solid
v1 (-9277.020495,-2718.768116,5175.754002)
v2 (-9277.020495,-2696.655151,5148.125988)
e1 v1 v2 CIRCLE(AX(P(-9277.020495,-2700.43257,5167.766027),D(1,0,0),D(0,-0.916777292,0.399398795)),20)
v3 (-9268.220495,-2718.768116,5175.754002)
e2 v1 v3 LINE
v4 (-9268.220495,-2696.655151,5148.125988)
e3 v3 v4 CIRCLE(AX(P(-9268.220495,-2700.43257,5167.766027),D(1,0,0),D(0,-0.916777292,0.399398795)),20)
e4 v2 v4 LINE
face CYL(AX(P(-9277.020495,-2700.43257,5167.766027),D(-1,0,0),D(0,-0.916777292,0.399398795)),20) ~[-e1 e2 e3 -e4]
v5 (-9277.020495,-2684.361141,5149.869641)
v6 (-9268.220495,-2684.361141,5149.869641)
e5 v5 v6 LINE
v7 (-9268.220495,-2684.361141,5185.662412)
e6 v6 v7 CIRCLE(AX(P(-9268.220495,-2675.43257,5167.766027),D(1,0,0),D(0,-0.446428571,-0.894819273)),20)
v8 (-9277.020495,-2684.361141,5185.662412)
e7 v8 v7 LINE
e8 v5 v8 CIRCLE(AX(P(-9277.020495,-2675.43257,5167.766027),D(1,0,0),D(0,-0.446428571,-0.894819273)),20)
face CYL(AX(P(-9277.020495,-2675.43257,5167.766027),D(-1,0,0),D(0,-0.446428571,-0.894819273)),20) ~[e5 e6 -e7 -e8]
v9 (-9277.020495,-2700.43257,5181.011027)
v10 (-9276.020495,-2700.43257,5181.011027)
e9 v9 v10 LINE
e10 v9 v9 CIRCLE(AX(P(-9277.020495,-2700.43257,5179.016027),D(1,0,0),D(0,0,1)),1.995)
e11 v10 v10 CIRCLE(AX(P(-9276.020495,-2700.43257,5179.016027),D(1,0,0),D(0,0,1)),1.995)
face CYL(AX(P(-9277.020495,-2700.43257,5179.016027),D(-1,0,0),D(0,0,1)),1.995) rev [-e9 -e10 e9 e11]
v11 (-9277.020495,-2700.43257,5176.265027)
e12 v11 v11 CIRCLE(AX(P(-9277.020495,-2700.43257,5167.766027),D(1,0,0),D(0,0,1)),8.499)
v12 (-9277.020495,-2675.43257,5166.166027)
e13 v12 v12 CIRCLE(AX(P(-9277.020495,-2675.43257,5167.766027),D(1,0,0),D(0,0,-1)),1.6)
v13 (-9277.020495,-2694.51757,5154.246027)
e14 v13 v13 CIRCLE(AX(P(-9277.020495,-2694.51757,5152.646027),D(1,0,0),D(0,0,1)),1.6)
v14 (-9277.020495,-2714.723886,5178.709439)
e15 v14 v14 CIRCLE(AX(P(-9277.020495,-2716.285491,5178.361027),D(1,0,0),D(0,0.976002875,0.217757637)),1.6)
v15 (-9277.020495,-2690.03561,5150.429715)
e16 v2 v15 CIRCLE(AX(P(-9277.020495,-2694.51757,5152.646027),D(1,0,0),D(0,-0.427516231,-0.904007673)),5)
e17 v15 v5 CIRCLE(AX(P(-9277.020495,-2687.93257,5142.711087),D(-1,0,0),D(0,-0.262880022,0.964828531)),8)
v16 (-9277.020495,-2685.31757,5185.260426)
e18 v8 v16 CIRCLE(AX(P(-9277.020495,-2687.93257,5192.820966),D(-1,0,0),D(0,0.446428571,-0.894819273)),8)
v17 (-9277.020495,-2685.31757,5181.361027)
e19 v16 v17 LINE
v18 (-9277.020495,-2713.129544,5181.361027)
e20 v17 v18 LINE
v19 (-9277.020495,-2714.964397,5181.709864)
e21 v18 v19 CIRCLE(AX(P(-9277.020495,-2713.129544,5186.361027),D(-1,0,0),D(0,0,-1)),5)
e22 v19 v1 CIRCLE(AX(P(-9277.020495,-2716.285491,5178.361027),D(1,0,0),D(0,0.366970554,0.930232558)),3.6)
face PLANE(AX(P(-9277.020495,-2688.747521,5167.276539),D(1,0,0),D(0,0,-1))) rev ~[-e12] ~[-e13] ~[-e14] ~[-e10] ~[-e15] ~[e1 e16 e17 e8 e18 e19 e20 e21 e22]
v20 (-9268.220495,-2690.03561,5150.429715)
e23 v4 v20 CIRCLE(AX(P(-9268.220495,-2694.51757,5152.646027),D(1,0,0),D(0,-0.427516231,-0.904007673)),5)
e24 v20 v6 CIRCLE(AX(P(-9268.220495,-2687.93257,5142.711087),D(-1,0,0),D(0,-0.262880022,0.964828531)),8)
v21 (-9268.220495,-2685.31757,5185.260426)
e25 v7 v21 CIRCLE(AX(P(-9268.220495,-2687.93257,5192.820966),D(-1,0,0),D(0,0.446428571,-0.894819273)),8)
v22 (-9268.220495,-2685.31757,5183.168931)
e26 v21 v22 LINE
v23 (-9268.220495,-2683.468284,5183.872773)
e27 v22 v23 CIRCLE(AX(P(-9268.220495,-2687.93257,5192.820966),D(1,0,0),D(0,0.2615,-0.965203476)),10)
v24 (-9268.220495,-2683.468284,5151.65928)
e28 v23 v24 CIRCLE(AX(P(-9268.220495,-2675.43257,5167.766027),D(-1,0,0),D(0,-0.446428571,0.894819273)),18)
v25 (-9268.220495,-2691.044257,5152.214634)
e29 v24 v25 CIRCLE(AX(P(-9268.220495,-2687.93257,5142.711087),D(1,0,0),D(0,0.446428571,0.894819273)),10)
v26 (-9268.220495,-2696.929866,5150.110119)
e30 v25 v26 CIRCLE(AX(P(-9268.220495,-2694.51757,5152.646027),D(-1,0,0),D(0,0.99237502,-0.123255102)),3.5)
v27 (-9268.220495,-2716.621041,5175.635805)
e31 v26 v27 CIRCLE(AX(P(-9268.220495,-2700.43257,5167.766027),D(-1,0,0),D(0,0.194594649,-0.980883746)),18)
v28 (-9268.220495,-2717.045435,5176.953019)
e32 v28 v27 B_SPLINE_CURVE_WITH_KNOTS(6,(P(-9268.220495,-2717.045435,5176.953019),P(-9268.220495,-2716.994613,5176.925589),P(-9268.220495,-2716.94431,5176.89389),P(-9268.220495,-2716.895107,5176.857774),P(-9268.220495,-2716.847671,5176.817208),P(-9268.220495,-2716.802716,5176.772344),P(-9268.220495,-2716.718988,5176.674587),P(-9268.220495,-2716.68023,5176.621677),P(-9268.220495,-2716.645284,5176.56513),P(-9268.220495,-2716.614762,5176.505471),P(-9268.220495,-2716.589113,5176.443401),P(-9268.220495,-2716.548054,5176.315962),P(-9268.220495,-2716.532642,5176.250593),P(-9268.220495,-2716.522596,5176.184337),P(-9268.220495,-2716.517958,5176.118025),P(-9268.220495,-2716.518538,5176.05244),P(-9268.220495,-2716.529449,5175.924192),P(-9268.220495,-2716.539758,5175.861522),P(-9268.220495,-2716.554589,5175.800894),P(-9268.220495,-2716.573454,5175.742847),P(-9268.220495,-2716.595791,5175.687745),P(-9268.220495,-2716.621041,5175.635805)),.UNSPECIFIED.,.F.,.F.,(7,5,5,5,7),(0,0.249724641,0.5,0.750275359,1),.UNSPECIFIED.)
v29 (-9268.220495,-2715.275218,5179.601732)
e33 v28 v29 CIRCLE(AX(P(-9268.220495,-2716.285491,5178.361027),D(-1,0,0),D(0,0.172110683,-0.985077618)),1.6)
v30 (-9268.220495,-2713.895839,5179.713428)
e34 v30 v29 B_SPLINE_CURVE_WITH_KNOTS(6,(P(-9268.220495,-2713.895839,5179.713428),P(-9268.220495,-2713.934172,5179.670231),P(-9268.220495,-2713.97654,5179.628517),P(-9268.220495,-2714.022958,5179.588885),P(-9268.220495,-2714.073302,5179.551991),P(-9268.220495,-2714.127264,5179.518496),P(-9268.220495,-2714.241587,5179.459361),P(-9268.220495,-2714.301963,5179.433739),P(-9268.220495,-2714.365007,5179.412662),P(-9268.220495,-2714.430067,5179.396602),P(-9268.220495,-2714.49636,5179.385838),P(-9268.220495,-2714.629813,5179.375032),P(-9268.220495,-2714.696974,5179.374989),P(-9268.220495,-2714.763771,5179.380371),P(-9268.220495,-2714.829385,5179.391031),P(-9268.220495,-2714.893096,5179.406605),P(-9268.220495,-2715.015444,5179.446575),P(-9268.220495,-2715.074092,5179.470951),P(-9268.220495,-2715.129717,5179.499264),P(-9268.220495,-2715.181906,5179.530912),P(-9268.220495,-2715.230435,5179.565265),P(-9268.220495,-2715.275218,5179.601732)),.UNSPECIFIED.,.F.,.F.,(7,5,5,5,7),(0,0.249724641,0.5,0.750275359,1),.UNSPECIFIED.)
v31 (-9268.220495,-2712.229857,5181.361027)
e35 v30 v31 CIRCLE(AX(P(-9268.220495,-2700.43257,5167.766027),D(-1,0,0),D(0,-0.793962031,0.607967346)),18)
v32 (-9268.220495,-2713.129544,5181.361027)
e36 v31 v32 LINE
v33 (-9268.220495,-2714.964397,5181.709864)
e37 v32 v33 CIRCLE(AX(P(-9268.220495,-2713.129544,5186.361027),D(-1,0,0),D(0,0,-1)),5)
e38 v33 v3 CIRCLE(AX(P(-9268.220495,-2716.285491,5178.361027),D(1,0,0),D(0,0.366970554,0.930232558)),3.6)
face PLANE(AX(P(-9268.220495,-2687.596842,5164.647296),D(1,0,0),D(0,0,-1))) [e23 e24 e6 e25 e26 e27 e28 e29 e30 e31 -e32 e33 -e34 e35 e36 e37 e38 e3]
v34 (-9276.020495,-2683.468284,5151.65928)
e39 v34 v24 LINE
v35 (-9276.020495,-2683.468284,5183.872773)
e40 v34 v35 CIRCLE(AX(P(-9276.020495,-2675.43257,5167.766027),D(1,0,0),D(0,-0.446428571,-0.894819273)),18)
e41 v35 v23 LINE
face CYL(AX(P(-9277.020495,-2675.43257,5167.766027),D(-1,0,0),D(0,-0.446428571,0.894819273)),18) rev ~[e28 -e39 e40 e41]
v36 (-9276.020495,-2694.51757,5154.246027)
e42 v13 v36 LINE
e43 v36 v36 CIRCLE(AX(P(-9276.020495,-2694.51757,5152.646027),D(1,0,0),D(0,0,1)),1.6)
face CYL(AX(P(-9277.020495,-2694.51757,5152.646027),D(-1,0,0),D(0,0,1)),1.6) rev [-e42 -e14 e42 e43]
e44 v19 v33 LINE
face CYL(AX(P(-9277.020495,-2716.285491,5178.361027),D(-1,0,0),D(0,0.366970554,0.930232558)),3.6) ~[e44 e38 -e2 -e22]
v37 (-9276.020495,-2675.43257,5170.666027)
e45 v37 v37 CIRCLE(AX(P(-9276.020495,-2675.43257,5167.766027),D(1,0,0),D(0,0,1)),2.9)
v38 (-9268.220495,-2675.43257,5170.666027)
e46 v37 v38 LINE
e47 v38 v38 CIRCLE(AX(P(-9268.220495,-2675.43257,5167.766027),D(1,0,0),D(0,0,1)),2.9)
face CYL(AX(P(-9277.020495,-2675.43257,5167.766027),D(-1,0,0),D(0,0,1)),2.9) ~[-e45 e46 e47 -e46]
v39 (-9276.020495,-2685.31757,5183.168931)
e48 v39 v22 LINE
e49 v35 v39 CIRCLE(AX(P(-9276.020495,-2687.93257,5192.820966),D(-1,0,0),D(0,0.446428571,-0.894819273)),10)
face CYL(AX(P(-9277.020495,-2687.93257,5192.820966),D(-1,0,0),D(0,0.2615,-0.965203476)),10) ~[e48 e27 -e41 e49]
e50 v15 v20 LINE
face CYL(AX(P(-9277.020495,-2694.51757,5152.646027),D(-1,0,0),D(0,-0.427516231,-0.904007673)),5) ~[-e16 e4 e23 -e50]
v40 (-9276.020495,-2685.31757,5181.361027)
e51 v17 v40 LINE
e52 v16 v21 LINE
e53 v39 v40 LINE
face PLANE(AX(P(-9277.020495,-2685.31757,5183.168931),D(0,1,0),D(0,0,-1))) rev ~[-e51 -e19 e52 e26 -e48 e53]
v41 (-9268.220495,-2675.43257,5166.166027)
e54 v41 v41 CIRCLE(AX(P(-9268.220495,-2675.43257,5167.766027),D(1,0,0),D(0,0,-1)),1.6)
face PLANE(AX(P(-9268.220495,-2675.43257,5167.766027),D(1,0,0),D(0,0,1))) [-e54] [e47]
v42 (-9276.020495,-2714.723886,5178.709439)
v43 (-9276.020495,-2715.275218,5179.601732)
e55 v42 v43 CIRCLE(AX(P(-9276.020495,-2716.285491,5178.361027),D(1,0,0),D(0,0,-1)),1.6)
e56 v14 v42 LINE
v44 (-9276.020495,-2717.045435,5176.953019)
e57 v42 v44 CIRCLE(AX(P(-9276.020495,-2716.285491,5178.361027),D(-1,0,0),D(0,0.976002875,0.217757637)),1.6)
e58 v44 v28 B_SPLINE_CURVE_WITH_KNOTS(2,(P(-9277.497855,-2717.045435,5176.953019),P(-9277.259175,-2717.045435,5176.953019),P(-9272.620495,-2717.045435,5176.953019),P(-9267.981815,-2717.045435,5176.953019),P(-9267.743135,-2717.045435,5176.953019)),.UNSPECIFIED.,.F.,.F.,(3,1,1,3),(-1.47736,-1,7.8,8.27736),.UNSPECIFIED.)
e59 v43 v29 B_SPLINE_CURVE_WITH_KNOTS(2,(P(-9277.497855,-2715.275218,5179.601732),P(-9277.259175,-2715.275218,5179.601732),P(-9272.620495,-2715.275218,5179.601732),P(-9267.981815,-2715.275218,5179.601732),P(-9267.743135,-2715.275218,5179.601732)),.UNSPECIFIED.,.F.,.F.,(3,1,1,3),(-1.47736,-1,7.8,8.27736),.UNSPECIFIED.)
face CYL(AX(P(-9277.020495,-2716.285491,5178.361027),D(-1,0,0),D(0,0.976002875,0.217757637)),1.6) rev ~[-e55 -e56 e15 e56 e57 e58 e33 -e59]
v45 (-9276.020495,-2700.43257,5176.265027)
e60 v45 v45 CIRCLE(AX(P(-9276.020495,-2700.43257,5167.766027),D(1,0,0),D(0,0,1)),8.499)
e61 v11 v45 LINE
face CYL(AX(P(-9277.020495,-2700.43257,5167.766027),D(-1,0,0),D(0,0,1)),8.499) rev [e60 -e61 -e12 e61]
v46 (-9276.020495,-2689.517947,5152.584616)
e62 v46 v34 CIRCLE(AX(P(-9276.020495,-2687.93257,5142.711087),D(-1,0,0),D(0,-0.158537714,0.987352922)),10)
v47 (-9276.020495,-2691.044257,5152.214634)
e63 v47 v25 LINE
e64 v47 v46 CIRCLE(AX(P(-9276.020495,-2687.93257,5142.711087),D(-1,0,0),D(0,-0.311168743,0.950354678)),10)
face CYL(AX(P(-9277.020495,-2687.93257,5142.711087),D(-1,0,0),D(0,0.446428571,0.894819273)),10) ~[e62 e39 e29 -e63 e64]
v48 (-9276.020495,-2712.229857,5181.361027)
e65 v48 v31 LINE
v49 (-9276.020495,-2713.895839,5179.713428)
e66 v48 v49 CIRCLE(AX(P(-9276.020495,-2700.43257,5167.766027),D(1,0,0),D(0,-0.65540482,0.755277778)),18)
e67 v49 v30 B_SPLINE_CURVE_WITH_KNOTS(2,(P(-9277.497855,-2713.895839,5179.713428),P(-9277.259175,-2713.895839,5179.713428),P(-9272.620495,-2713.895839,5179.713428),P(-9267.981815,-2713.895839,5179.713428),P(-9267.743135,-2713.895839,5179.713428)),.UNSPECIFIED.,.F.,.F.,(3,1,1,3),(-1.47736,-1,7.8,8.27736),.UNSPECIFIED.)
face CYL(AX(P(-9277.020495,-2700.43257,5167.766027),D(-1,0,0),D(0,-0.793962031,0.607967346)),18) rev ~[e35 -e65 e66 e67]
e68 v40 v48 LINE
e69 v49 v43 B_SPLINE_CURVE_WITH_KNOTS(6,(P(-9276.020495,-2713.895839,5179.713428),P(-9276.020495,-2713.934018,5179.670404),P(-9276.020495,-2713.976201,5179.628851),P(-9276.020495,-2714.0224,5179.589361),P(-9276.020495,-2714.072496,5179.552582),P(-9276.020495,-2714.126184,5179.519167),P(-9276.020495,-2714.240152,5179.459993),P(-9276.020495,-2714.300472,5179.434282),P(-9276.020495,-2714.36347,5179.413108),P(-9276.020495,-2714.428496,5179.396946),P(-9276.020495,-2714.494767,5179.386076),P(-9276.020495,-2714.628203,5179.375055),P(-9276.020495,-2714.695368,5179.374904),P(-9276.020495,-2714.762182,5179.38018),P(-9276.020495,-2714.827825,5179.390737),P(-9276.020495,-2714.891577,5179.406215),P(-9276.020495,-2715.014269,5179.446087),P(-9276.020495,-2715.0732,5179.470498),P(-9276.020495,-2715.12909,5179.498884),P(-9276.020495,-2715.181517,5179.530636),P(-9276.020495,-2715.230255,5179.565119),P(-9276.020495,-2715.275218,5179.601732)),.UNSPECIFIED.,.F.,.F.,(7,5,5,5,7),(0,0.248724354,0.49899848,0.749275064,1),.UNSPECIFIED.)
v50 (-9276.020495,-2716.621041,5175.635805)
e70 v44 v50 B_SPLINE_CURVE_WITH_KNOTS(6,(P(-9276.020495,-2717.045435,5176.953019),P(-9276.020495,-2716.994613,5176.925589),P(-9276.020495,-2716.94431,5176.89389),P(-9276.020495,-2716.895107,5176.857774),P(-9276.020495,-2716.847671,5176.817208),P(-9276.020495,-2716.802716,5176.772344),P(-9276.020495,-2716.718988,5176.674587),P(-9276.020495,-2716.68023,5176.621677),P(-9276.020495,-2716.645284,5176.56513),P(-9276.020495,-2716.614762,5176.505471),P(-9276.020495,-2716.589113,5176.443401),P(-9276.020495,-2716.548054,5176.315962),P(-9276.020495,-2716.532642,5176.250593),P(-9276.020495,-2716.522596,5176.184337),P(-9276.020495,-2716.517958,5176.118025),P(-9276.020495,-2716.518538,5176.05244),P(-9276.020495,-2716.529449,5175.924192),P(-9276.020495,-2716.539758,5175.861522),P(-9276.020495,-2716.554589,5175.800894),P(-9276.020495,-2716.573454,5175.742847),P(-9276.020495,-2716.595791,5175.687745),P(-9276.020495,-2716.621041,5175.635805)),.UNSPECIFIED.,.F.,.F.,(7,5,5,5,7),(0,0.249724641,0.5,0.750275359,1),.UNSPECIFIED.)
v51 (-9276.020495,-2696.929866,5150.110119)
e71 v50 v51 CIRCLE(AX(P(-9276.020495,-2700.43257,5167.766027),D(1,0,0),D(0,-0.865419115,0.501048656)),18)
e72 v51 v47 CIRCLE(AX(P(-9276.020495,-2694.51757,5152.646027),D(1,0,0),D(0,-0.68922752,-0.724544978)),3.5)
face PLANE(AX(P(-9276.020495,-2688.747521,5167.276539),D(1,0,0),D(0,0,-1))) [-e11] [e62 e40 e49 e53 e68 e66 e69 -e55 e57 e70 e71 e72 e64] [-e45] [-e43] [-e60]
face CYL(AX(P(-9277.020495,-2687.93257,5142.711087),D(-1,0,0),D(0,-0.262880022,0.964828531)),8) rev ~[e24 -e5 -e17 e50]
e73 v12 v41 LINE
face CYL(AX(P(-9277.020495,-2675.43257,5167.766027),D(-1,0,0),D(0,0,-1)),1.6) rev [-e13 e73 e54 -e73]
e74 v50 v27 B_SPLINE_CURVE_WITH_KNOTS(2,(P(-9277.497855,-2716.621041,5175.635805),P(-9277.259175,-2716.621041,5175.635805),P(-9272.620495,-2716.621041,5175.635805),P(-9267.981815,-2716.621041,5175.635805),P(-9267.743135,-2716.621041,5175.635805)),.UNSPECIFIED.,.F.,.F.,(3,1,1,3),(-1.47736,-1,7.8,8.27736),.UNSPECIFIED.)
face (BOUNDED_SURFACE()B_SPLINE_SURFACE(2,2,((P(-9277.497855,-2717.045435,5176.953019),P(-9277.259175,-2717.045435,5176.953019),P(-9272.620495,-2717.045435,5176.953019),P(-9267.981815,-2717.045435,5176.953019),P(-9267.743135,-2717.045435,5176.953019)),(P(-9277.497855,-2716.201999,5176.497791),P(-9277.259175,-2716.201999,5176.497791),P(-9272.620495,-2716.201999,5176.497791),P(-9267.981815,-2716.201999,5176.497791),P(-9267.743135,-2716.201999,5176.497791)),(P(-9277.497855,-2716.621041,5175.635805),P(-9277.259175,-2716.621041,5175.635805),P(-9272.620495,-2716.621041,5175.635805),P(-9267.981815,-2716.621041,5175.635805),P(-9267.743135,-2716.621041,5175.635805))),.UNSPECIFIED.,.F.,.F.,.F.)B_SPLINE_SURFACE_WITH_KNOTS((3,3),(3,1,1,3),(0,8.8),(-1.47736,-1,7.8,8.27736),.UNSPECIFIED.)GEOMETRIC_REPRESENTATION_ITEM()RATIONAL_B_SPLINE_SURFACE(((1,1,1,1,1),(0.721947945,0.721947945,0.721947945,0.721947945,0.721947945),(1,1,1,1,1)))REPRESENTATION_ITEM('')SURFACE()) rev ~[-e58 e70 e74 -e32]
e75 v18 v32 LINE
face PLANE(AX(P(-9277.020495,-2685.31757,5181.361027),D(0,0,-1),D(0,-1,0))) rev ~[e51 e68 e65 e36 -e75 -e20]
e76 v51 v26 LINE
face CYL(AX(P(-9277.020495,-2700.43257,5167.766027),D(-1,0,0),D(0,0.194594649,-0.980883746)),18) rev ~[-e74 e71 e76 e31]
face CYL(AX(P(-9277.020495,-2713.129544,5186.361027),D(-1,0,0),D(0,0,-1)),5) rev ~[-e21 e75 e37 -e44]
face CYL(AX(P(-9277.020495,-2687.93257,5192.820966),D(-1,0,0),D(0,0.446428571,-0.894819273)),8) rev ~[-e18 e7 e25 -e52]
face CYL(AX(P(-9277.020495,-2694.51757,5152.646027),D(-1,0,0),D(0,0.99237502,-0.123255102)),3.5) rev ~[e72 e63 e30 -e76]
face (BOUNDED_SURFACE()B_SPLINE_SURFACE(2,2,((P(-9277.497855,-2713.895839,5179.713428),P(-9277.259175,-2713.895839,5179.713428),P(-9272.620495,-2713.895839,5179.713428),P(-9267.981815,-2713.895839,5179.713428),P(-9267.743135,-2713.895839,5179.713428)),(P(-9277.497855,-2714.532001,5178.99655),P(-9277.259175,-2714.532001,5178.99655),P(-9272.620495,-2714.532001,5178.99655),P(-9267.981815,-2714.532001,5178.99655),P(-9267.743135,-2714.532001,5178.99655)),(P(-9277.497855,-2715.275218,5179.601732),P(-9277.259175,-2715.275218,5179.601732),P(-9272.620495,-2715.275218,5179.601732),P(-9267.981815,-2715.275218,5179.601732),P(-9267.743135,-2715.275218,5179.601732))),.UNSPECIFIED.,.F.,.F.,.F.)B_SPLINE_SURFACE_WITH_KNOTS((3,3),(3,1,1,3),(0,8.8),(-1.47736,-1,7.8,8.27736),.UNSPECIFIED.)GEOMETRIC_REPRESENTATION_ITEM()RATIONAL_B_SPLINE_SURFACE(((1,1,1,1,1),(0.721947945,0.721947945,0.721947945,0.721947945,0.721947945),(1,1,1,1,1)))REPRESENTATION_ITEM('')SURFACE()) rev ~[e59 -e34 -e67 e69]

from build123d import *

# Parameters (mm, degrees)
BOSS_EXTRUDE1_DEPTH = 8.8
SKETCH1_3_R         = 1.9950000000003372
SKETCH1_3_R_2       = 8.499000000001052
SKETCH1_3_R_3       = 1.5999999999998604
SKETCH1_3_R_4       = 2.9000000000004036
BOSS_EXTRUDE2_DEPTH = 1
SKETCH1_4_R         = 2.9000000000004036
SKETCH1_4_R_2       = 1.5999999999998604
BOSS_EXTRUDE3_DEPTH = 8.8
FILLET1_R           = 1


with BuildPart() as part:
    # Sketch1 → Boss-Extrude1 (new body)
    with BuildSketch(Plane(origin=(-9277.020495484805, 0, 0), x_dir=(0, 0, -1), z_dir=(1, 0, 0))):
        with BuildLine():
            Line((-5181.361026538003, -2712.2298566105233), (-5181.361026538003, -2713.1295442369124))
            ThreePointArc((-5181.361026538003, -2713.1295442369124), (-5181.449009948379, -2714.0634034464592), (-5181.7098637473055, -2714.9643970087795))
            ThreePointArc((-5181.7098637473055, -2714.9643970087795), (-5180.298716040606, -2719.319524523044), (-5175.754002429446, -2718.7681156836497))
            ThreePointArc((-5175.754002429446, -2718.7681156836493), (-5155.268489112517, -2716.0470361610683), (-5148.125988175469, -2696.6551510028244))
            ThreePointArc((-5148.125988175468, -2696.6551510028244), (-5147.923825496746, -2692.8741534881237), (-5150.429715151682, -2690.0356100249855))
            ThreePointArc((-5150.429715151682, -2690.0356100249855), (-5150.672402006578, -2687.1467824336814), (-5149.869641086049, -2684.3611412747578))
            ThreePointArc((-5149.869641086049, -2684.3611412747578), (-5167.766026538003, -2655.432569846187), (-5185.662411989956, -2684.361141274758))
            ThreePointArc((-5185.662411989956, -2684.361141274758), (-5185.445898231984, -2684.832832292979), (-5185.260425515467, -2685.3175698461864))
            Line((-5185.2604255154665, -2685.3175698461864), (-5183.1689314111645, -2685.3175698461864))
            ThreePointArc((-5183.1689314111645, -2685.3175698461864), (-5183.475000193814, -2684.375475532257), (-5183.87277344476, -2683.4682841319004))
            ThreePointArc((-5183.872773444761, -2683.468284131901), (-5167.766026538003, -2657.432569846187), (-5151.659279631244, -2683.4682841319004))
            ThreePointArc((-5151.659279631244, -2683.4682841319004), (-5152.684326847257, -2687.2014849950892), (-5152.214633681771, -2691.0442572769534))
            ThreePointArc((-5152.214633681771, -2691.044257276954), (-5149.350375503743, -2693.339145363929), (-5150.110119114768, -2696.929866167285))
            ThreePointArc((-5150.110119114768, -2696.929866167285), (-5157.293990334202, -2715.0728040569593), (-5176.7849023498975, -2716.0101139109493))
            ThreePointArc((-5176.7849023498975, -2716.0101139109493), (-5179.250079105888, -2717.6157486981815), (-5178.709438757866, -2714.723886405067))
            ThreePointArc((-5178.709438757866, -2714.723886405067), (-5180.098441740306, -2713.544073775103), (-5181.361026538003, -2712.2298566105233))
        make_face()
    extrude(amount=BOSS_EXTRUDE1_DEPTH)

    # Sketch1<3> → Boss-Extrude2 (add)
    with BuildSketch(Plane(origin=(-9277.020495484805, 0, 0), x_dir=(0, 0, -1), z_dir=(1, 0, 0))):
        with BuildLine():
            Line((-5181.361026538003, -2685.3175698461864), (-5181.361026538003, -2712.2298566105233))
            ThreePointArc((-5181.361026538003, -2712.2298566105233), (-5180.098441740306, -2713.544073775103), (-5178.709438757866, -2714.723886405067))
            ThreePointArc((-5178.709438757866, -2714.723886405067), (-5177.471973970118, -2714.9552333108672), (-5176.7849023498975, -2716.0101139109493))
            ThreePointArc((-5176.7849023498975, -2716.0101139109493), (-5175.822472884072, -2716.5289567784425), (-5174.830317408971, -2716.98840852897))
            ThreePointArc((-5174.830317408971, -2716.98840852897), (-5156.424427633244, -2714.409984996477), (-5150.110119114768, -2696.929866167285))
            ThreePointArc((-5150.110119114768, -2696.929866167285), (-5149.350375503743, -2693.339145363929), (-5152.214633681771, -2691.044257276954))
            ThreePointArc((-5152.214633681771, -2691.0442572769534), (-5152.429634860403, -2690.2883766387154), (-5152.584616128909, -2689.5179469842446))
            ThreePointArc((-5152.584616128909, -2689.5179469842446), (-5152.596121525538, -2686.4205875195544), (-5151.659279631244, -2683.4682841319004))
            ThreePointArc((-5151.659279631244, -2683.4682841319004), (-5167.766026538003, -2657.432569846187), (-5183.872773444761, -2683.468284131901))
            ThreePointArc((-5183.87277344476, -2683.4682841319004), (-5183.475000193814, -2684.375475532257), (-5183.1689314111645, -2685.3175698461864))
            Line((-5183.1689314111645, -2685.3175698461864), (-5181.361026538003, -2685.3175698461864))
        make_face()
        with Locations(Location((-5179.016026538003, -2700.4325698461867, 0), (0, 0, 180))):
            Circle(SKETCH1_3_R, mode=Mode.SUBTRACT)
        with Locations(Location((-5167.766026538003, -2700.432569846186, 0), (0, 0, 180))):
            Circle(SKETCH1_3_R_2, mode=Mode.SUBTRACT)
        with Locations(Location((-5152.646026538003, -2694.5175698461867, 0), (0, 0, 180))):
            Circle(SKETCH1_3_R_3, mode=Mode.SUBTRACT)
        with Locations(Location((-5167.766026538003, -2675.4325698461867, 0), (0, 0, 180))):
            Circle(SKETCH1_3_R_4, mode=Mode.SUBTRACT)
    extrude(amount=BOSS_EXTRUDE2_DEPTH)

    # Sketch1<4> → Boss-Extrude3 (add)
    with BuildSketch(Plane(origin=(-9277.020495484805, 0, 0), x_dir=(0, 0, -1), z_dir=(1, 0, 0))):
        with Locations(Location((-5167.766026538003, -2675.4325698461867, 0), (0, 0, 180))):
            Circle(SKETCH1_4_R)
        with Locations((-5167.766026538003, -2675.4325698461867)):
            Circle(SKETCH1_4_R_2, mode=Mode.SUBTRACT)
    extrude(amount=BOSS_EXTRUDE3_DEPTH)

    # Fillet1
    fillet1_edges = [part.edges().sort_by_distance(p)[0] for p in [
        (-9272.120495484805, -2716.0101139109493, 5176.7849023498975),
        (-9272.120495484805, -2714.723886405067, 5178.709438757866),
    ]]
    fillet(fillet1_edges, radius=FILLET1_R)


solid = part.part
